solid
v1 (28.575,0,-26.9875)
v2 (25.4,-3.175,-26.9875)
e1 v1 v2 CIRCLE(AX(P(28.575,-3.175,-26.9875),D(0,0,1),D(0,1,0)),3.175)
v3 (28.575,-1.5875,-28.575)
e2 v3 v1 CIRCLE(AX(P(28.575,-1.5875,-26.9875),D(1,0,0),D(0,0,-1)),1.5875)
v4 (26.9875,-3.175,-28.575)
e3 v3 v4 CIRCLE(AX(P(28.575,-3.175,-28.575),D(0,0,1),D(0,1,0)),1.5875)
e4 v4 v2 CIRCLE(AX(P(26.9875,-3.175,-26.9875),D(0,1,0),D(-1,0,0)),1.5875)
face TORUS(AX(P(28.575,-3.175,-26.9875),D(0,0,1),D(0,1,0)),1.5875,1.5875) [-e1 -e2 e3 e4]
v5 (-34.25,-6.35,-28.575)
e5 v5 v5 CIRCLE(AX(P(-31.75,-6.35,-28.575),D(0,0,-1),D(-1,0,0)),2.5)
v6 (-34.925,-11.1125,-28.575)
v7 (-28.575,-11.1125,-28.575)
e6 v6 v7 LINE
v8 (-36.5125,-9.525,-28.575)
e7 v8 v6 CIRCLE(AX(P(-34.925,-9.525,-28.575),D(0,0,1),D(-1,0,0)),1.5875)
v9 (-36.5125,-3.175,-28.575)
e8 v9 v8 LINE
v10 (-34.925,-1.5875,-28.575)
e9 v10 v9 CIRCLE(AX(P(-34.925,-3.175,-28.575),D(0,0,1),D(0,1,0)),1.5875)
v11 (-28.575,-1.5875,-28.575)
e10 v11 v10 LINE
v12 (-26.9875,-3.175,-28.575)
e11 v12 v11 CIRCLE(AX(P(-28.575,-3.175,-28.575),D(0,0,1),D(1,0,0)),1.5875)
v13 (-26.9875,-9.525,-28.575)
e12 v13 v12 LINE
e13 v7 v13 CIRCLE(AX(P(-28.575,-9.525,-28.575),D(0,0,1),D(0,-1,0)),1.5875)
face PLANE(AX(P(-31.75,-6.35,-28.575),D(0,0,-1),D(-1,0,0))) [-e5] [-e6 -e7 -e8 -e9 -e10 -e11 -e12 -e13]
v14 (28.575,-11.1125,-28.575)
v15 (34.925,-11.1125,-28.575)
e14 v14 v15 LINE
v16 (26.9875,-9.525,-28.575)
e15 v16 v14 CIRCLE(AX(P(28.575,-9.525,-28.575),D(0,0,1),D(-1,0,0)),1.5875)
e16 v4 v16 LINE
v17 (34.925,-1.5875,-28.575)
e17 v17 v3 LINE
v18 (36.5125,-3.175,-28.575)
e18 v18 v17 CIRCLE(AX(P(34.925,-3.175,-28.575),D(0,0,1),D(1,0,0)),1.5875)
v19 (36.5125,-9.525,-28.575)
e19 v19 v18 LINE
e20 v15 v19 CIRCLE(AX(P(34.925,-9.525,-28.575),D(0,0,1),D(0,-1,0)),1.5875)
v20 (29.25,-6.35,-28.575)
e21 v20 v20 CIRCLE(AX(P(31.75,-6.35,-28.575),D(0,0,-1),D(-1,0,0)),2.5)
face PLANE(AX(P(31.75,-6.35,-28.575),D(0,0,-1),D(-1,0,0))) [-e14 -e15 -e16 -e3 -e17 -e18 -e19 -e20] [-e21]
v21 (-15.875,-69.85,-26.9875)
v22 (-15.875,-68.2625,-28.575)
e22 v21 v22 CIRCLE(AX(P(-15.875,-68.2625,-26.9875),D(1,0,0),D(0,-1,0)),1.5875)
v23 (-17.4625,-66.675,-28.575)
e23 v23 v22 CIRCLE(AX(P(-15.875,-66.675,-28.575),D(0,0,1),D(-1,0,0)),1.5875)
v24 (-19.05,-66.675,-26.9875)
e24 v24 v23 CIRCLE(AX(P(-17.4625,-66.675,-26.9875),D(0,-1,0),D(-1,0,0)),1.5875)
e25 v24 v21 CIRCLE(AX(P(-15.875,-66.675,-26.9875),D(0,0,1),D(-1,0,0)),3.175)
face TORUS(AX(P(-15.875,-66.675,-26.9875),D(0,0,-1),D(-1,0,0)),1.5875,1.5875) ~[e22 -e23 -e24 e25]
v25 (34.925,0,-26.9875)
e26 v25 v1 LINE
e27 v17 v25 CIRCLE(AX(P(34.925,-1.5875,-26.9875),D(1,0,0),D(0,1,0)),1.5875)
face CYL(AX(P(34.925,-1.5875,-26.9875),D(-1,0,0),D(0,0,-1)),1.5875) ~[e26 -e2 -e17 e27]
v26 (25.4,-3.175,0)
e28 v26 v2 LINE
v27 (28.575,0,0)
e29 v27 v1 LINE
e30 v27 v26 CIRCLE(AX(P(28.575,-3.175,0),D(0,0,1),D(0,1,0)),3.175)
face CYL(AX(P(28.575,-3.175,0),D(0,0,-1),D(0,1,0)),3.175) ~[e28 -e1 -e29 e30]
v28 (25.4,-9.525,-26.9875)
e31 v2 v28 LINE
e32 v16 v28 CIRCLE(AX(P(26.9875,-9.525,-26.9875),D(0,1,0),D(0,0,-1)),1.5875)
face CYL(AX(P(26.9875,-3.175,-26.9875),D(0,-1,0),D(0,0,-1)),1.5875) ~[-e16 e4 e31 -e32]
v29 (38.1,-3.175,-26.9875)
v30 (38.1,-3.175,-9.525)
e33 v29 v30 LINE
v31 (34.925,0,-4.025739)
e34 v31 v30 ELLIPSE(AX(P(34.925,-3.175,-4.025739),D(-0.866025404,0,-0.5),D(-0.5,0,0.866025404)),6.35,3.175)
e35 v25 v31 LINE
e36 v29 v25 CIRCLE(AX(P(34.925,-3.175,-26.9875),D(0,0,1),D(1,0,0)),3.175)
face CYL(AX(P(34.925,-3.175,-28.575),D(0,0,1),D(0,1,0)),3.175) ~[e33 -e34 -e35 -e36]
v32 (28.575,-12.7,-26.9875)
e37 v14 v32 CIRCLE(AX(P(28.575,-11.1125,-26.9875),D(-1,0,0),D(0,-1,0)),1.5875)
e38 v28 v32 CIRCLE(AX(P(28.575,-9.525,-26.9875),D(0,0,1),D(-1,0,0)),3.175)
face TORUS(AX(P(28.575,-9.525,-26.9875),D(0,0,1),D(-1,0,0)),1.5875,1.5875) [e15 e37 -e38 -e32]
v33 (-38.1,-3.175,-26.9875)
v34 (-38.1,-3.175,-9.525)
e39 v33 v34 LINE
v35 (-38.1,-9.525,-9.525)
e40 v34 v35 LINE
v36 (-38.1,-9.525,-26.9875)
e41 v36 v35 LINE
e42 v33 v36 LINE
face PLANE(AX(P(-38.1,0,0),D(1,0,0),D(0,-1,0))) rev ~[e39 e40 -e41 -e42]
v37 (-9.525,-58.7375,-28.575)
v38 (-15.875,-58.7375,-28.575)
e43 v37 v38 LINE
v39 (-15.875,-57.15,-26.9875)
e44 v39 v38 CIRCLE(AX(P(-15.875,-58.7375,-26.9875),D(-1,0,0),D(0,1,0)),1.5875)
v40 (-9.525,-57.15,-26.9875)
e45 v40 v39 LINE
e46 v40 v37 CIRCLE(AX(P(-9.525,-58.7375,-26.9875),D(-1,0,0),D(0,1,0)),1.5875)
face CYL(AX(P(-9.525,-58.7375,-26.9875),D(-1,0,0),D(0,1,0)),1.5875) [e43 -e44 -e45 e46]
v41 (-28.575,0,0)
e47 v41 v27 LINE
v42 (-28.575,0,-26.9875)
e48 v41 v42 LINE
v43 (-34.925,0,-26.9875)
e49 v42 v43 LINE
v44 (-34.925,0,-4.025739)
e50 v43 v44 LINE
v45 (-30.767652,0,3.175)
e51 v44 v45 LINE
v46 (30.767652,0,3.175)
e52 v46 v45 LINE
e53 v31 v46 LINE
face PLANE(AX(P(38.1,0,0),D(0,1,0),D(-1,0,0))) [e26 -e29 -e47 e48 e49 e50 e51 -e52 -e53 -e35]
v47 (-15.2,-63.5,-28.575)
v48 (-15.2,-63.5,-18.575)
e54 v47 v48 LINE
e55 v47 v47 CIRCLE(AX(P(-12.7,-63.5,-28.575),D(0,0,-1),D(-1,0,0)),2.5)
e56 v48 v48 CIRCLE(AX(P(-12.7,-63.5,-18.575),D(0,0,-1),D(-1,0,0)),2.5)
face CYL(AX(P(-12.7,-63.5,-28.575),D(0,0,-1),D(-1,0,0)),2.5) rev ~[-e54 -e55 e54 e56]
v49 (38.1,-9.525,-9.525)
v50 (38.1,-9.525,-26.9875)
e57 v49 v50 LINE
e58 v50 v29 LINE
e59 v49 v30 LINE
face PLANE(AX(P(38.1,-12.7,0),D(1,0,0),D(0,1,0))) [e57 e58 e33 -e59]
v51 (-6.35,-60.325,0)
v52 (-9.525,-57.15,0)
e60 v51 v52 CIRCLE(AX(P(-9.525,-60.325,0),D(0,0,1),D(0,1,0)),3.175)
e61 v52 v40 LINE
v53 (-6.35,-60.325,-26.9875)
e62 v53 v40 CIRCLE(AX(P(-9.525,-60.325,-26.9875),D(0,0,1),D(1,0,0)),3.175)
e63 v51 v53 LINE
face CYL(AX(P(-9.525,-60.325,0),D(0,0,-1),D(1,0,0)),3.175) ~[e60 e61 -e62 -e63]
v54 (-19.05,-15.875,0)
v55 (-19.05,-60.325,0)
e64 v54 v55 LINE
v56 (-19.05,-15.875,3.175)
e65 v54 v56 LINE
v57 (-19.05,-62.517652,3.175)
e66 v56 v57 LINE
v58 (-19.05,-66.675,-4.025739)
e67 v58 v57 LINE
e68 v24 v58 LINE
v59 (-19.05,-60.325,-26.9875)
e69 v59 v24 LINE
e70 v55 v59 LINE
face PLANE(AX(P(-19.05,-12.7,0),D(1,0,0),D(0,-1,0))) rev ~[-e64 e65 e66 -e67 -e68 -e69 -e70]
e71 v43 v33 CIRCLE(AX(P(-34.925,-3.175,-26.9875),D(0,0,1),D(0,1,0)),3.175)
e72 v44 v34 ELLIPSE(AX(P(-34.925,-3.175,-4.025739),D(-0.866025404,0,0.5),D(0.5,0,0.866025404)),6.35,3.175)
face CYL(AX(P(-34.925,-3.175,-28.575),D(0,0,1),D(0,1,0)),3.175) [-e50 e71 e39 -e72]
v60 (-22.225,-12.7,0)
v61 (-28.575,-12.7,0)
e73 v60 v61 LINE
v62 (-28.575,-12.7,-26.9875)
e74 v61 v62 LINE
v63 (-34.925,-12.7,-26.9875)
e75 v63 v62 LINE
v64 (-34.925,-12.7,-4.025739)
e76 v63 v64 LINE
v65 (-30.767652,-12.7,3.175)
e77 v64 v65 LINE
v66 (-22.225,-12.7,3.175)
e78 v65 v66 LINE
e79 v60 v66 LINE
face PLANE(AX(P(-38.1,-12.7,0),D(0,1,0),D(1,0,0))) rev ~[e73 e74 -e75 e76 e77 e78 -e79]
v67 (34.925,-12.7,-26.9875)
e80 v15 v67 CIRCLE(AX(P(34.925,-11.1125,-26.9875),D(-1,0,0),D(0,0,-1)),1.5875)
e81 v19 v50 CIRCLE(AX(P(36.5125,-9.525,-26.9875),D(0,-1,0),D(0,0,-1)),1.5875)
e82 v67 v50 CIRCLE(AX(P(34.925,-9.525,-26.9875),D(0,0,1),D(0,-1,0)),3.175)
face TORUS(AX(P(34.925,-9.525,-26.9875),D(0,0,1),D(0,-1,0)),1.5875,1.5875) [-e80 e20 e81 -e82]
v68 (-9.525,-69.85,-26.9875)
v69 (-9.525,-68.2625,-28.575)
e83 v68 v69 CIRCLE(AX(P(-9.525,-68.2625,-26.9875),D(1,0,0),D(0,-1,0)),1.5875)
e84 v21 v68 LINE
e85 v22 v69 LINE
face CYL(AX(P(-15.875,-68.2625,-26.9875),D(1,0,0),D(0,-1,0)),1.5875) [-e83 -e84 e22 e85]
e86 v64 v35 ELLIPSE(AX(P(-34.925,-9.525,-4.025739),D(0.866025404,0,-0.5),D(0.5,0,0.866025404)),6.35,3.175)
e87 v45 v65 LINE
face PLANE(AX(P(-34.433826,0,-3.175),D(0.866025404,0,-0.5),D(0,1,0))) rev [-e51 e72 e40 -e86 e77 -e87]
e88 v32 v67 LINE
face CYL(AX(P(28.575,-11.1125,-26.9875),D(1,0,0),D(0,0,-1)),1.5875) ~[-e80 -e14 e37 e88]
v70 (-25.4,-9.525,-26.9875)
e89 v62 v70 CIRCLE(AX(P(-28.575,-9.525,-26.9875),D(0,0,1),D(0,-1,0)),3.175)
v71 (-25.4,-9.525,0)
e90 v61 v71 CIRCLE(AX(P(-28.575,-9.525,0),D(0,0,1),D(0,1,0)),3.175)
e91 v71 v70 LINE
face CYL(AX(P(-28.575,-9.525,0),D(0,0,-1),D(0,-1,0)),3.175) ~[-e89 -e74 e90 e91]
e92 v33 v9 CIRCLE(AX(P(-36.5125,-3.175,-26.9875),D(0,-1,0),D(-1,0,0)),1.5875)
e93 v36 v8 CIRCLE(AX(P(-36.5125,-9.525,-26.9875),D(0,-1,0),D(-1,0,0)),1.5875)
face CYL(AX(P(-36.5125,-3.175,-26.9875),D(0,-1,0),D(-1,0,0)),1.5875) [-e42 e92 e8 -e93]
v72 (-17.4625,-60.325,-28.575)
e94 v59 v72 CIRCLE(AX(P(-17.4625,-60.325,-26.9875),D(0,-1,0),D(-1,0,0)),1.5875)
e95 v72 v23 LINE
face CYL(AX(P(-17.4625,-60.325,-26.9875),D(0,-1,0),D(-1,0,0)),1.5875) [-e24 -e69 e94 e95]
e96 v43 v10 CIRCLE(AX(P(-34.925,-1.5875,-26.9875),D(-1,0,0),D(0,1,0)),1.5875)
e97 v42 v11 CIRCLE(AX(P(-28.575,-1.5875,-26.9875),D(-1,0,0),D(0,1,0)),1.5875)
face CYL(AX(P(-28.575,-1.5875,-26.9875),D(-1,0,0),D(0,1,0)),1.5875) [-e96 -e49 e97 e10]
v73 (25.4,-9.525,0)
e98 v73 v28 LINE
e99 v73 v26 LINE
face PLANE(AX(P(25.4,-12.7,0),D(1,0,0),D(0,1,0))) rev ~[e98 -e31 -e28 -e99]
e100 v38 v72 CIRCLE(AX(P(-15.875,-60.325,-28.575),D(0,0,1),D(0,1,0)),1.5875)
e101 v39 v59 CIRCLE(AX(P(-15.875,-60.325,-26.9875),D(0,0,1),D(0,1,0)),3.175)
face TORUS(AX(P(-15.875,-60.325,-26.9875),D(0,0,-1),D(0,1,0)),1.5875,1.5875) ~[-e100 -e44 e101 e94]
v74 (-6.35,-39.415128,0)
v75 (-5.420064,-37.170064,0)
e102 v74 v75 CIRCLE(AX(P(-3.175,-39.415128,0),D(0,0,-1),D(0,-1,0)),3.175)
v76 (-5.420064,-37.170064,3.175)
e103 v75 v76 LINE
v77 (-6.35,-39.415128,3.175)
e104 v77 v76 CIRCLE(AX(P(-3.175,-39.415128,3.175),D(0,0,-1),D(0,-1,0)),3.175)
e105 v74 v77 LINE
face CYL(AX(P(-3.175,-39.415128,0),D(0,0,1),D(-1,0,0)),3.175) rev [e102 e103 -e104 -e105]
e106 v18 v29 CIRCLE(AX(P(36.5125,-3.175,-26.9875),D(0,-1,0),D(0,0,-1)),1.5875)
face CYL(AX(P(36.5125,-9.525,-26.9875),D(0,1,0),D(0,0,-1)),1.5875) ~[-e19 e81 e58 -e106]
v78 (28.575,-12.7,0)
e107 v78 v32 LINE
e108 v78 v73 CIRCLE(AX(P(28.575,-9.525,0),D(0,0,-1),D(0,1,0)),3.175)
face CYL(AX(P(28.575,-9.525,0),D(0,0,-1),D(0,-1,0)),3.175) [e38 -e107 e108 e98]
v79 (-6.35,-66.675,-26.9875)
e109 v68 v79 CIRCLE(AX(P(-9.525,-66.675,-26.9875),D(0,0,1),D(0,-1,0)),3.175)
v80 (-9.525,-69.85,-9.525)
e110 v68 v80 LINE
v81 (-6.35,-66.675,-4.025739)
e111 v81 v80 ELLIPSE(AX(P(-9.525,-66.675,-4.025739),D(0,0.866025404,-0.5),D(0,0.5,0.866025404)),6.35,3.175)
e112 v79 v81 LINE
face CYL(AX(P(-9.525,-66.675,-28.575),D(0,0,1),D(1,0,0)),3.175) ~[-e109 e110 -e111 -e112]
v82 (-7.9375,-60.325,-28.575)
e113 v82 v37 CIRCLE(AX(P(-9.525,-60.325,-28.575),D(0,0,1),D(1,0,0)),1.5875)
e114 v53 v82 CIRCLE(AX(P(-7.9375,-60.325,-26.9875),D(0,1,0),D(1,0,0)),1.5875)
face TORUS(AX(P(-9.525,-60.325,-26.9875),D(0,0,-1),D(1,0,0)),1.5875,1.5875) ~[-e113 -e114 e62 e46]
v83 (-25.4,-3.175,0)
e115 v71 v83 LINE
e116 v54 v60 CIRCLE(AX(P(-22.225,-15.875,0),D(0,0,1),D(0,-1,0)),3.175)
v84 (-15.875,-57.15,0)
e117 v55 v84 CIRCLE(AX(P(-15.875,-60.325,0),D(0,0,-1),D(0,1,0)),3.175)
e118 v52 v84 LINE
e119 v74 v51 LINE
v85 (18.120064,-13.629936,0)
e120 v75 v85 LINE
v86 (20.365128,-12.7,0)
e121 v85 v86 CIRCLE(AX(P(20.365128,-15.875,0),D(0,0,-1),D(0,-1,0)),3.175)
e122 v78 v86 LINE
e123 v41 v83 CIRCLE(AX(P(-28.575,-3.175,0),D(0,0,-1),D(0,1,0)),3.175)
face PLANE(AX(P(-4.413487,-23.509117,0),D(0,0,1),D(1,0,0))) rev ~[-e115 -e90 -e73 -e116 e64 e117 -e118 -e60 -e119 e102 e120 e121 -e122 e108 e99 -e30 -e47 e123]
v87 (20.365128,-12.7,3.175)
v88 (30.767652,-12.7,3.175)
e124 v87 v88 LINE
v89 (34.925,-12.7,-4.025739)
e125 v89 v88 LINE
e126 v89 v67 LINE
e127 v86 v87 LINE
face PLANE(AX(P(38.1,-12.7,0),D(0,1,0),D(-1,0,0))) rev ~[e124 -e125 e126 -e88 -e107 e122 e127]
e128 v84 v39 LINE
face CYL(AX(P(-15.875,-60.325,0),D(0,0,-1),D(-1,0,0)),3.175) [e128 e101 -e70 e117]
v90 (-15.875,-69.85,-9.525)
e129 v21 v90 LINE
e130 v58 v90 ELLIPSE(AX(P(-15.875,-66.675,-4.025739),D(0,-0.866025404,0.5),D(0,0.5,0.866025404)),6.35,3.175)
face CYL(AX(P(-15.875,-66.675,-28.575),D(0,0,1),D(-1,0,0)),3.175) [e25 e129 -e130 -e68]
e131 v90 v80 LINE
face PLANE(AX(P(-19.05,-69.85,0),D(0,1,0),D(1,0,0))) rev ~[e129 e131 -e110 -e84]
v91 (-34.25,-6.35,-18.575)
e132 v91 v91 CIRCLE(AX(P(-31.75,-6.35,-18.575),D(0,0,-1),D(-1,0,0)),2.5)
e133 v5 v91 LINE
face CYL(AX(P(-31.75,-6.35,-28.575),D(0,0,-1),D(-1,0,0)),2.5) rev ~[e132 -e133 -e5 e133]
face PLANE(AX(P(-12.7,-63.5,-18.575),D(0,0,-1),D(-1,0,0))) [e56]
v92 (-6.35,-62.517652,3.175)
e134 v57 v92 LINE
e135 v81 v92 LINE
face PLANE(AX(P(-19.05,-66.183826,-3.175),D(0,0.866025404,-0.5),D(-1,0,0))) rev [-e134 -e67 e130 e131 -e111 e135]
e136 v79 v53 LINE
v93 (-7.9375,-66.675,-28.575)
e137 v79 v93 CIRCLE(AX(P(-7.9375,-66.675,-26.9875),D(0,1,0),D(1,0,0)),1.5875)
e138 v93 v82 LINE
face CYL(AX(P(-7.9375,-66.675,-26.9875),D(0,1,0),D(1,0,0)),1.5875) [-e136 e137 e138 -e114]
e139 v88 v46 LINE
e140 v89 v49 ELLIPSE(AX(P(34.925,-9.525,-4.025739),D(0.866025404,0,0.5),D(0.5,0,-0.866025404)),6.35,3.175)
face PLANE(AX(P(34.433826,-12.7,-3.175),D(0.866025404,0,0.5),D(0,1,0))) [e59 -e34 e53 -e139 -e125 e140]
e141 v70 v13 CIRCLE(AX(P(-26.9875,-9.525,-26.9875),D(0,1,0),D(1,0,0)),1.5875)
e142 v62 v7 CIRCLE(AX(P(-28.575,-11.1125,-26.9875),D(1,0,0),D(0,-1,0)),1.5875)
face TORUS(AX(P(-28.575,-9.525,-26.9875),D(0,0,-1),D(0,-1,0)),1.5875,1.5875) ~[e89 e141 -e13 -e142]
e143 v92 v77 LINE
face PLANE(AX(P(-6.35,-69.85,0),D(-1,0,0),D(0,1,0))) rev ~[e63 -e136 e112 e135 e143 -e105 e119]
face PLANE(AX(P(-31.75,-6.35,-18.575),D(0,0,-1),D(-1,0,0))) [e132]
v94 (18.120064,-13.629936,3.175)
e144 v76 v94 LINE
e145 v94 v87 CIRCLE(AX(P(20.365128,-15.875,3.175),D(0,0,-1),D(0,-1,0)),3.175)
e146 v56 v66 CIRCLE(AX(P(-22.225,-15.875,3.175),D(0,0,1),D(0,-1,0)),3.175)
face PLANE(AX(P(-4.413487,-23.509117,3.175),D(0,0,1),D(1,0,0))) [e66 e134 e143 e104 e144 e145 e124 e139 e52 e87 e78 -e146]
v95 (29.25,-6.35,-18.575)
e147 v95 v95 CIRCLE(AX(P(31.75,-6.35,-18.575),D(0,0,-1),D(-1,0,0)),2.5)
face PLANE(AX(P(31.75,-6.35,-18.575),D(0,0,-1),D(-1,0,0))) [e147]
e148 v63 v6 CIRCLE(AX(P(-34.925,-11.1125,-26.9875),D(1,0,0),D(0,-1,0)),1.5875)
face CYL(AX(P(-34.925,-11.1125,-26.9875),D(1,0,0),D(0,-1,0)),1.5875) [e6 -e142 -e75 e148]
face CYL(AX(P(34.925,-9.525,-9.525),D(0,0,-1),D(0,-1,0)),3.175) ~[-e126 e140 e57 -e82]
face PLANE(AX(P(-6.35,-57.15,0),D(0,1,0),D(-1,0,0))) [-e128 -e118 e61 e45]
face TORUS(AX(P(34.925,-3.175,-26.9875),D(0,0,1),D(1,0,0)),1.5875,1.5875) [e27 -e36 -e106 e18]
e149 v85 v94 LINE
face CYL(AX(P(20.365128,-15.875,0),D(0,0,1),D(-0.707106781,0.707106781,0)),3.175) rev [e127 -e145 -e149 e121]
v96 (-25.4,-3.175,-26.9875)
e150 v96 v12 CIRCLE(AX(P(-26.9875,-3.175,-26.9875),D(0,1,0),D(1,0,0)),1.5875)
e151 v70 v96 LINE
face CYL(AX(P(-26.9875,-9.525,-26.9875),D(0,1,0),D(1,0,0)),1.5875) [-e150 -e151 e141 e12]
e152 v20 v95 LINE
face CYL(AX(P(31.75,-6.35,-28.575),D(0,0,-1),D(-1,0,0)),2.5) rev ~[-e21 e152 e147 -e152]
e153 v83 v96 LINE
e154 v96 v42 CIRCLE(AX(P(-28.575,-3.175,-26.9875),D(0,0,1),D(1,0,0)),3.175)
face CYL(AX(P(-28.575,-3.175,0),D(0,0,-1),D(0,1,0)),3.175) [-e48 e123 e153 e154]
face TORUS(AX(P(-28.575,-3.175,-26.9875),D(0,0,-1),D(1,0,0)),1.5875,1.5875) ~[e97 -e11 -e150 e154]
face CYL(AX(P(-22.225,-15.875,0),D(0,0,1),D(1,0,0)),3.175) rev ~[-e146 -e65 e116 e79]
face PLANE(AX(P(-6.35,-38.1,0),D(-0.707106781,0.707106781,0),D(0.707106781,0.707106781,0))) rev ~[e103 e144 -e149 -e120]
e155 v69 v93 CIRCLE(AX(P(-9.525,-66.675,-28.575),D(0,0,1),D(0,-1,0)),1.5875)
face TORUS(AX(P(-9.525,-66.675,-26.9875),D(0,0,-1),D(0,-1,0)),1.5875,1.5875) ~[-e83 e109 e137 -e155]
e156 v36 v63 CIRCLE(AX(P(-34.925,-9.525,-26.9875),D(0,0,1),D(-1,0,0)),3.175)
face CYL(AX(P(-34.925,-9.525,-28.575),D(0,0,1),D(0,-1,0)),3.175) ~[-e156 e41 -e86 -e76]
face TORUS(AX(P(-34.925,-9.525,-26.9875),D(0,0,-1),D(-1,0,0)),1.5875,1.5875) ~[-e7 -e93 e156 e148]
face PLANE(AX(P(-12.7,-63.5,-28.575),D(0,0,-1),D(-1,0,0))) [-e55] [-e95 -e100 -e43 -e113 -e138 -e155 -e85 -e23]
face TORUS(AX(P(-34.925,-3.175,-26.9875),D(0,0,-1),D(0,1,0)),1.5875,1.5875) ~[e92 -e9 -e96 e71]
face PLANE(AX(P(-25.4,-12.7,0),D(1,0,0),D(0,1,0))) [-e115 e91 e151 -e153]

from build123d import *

# Parameters (mm, degrees)
BOSS_EXTRUDE1_DEPTH   = 3.175
SKETCH2_W             = 12.7
SKETCH2_H             = 12.7
BOSS_EXTRUDE2_DEPTH   = 28.575
SKETCH3_R             = 2.5
CUT_EXTRUDE1_DEPTH    = 10
CHAMFER1_SIZE         = 12.7
CHAMFER1_SIZE2        = 7.332348419
CHAMFER1_PART_2_SIZE  = 12.7
CHAMFER1_PART_2_SIZE2 = 7.332348419
CHAMFER1_PART_3_SIZE  = 12.7
CHAMFER1_PART_3_SIZE2 = 7.332348419
FILLET1_R             = 3.175
FILLET2_R             = 3.175
FILLET4_R             = 1.5875


with BuildPart() as part:
    # Sketch1 → Boss-Extrude1 (new body)
    with BuildSketch(Plane.XY):
        Polygon((38.1, 0), (-38.1, 0), (-38.1, -12.7), (-19.05, -12.7), (-19.05, -69.85), (-6.35, -69.85), (-6.35, -38.1), (19.05, -12.7), (38.1, -12.7), align=None)
    extrude(amount=BOSS_EXTRUDE1_DEPTH)

    # Sketch2 → Boss-Extrude2 (add)
    with BuildSketch(Plane(origin=(0, 0, 0), x_dir=(-1, 0, 0), z_dir=(0, 0, -1))):
        with Locations((-31.75, -6.35)):
            Rectangle(SKETCH2_W, SKETCH2_H)
        with Locations((31.75, -6.35)):
            Rectangle(SKETCH2_W, SKETCH2_H)
        with Locations((12.7, -63.5)):
            Rectangle(SKETCH2_W, SKETCH2_H)
    extrude(amount=BOSS_EXTRUDE2_DEPTH)

    # Sketch3 → Cut-Extrude1 (cut)
    with BuildSketch(Plane(origin=(0, 0, -28.575), x_dir=(-1, 0, 0), z_dir=(0, 0, -1))):
        with Locations((-31.75, -6.35)):
            Circle(SKETCH3_R)
        with Locations((31.75, -6.35)):
            Circle(SKETCH3_R)
        with Locations((12.7, -63.5)):
            Circle(SKETCH3_R)
    extrude(amount=-CUT_EXTRUDE1_DEPTH, mode=Mode.SUBTRACT)

    # Chamfer1
    chamfer1_edges = [part.edges().sort_by_distance(p)[0] for p in [
        (38.1, -6.35, 3.175),
    ]]
    chamfer1_side = [part.faces().sort_by_distance(p)[0] for p in [
        (38.1, -6.35, -12.7),
    ]]
    chamfer(chamfer1_edges, length=CHAMFER1_SIZE, length2=CHAMFER1_SIZE2, reference=chamfer1_side[0])

    # Chamfer1 part 2
    chamfer1_part_2_edges = [part.edges().sort_by_distance(p)[0] for p in [
        (-38.1, -6.35, 3.175),
    ]]
    chamfer1_part_2_side = [part.faces().sort_by_distance(p)[0] for p in [
        (-38.1, -6.35, -12.7),
    ]]
    chamfer(chamfer1_part_2_edges, length=CHAMFER1_PART_2_SIZE, length2=CHAMFER1_PART_2_SIZE2, reference=chamfer1_part_2_side[0])

    # Chamfer1 part 3
    chamfer1_part_3_edges = [part.edges().sort_by_distance(p)[0] for p in [
        (-12.7, -69.85, 3.175),
    ]]
    chamfer1_part_3_side = [part.faces().sort_by_distance(p)[0] for p in [
        (-12.7, -69.85, -12.7),
    ]]
    chamfer(chamfer1_part_3_edges, length=CHAMFER1_PART_3_SIZE, length2=CHAMFER1_PART_3_SIZE2, reference=chamfer1_part_3_side[0])

    # Fillet1
    fillet1_edges = [part.edges().sort_by_distance(p)[0] for p in [
        (-6.35, -38.1, 1.5875),
        (-19.05, -12.7, 1.5875),
        (19.05, -12.7, 1.5875),
    ]]
    fillet(fillet1_edges, radius=FILLET1_R)

    # Fillet2
    fillet2_edges = [part.edges().sort_by_distance(p)[0] for p in [
        (25.4, -12.7, -14.2875),
        (25.4, 0, -14.2875),
        (-25.4, 0, -14.2875),
        (-25.4, -12.7, -14.2875),
        (-19.05, -57.15, -14.2875),
        (-6.35, -57.15, -14.2875),
        (38.1, 0, -19.05),
        (-38.1, 0, -19.05),
        (38.1, -12.7, -19.05),
        (-6.35, -69.85, -19.05),
        (-19.05, -69.85, -19.05),
        (-38.1, -12.7, -19.05),
    ]]
    fillet(fillet2_edges, radius=FILLET2_R)

    # Fillet4
    fillet4_edges = [part.edges().sort_by_distance(p)[0] for p in [
        (-12.7, -57.15, -28.575),
        (-19.05, -63.5, -28.575),
        (-6.35, -63.5, -28.575),
        (-12.7, -69.85, -28.575),
        (-7.27993597, -58.07993597, -28.575),
        (-7.27993597, -68.92006403, -28.575),
        (-18.12006403, -68.92006403, -28.575),
        (-18.12006403, -58.07993597, -28.575),
        (38.1, -6.35, -28.575),
        (31.75, -12.7, -28.575),
        (25.4, -6.35, -28.575),
        (31.75, 0, -28.575),
        (26.32993597, -11.77006403, -28.575),
        (26.32993597, -0.92993597, -28.575),
        (37.17006403, -0.92993597, -28.575),
        (37.17006403, -11.77006403, -28.575),
        (-31.75, 0, -28.575),
        (-25.4, -6.35, -28.575),
        (-38.1, -6.35, -28.575),
        (-31.75, -12.7, -28.575),
        (-37.17006403, -11.77006403, -28.575),
        (-37.17006403, -0.92993597, -28.575),
        (-26.32993597, -11.77006403, -28.575),
        (-26.32993597, -0.92993597, -28.575),
    ]]
    fillet(fillet4_edges, radius=FILLET4_R)


solid = part.part
